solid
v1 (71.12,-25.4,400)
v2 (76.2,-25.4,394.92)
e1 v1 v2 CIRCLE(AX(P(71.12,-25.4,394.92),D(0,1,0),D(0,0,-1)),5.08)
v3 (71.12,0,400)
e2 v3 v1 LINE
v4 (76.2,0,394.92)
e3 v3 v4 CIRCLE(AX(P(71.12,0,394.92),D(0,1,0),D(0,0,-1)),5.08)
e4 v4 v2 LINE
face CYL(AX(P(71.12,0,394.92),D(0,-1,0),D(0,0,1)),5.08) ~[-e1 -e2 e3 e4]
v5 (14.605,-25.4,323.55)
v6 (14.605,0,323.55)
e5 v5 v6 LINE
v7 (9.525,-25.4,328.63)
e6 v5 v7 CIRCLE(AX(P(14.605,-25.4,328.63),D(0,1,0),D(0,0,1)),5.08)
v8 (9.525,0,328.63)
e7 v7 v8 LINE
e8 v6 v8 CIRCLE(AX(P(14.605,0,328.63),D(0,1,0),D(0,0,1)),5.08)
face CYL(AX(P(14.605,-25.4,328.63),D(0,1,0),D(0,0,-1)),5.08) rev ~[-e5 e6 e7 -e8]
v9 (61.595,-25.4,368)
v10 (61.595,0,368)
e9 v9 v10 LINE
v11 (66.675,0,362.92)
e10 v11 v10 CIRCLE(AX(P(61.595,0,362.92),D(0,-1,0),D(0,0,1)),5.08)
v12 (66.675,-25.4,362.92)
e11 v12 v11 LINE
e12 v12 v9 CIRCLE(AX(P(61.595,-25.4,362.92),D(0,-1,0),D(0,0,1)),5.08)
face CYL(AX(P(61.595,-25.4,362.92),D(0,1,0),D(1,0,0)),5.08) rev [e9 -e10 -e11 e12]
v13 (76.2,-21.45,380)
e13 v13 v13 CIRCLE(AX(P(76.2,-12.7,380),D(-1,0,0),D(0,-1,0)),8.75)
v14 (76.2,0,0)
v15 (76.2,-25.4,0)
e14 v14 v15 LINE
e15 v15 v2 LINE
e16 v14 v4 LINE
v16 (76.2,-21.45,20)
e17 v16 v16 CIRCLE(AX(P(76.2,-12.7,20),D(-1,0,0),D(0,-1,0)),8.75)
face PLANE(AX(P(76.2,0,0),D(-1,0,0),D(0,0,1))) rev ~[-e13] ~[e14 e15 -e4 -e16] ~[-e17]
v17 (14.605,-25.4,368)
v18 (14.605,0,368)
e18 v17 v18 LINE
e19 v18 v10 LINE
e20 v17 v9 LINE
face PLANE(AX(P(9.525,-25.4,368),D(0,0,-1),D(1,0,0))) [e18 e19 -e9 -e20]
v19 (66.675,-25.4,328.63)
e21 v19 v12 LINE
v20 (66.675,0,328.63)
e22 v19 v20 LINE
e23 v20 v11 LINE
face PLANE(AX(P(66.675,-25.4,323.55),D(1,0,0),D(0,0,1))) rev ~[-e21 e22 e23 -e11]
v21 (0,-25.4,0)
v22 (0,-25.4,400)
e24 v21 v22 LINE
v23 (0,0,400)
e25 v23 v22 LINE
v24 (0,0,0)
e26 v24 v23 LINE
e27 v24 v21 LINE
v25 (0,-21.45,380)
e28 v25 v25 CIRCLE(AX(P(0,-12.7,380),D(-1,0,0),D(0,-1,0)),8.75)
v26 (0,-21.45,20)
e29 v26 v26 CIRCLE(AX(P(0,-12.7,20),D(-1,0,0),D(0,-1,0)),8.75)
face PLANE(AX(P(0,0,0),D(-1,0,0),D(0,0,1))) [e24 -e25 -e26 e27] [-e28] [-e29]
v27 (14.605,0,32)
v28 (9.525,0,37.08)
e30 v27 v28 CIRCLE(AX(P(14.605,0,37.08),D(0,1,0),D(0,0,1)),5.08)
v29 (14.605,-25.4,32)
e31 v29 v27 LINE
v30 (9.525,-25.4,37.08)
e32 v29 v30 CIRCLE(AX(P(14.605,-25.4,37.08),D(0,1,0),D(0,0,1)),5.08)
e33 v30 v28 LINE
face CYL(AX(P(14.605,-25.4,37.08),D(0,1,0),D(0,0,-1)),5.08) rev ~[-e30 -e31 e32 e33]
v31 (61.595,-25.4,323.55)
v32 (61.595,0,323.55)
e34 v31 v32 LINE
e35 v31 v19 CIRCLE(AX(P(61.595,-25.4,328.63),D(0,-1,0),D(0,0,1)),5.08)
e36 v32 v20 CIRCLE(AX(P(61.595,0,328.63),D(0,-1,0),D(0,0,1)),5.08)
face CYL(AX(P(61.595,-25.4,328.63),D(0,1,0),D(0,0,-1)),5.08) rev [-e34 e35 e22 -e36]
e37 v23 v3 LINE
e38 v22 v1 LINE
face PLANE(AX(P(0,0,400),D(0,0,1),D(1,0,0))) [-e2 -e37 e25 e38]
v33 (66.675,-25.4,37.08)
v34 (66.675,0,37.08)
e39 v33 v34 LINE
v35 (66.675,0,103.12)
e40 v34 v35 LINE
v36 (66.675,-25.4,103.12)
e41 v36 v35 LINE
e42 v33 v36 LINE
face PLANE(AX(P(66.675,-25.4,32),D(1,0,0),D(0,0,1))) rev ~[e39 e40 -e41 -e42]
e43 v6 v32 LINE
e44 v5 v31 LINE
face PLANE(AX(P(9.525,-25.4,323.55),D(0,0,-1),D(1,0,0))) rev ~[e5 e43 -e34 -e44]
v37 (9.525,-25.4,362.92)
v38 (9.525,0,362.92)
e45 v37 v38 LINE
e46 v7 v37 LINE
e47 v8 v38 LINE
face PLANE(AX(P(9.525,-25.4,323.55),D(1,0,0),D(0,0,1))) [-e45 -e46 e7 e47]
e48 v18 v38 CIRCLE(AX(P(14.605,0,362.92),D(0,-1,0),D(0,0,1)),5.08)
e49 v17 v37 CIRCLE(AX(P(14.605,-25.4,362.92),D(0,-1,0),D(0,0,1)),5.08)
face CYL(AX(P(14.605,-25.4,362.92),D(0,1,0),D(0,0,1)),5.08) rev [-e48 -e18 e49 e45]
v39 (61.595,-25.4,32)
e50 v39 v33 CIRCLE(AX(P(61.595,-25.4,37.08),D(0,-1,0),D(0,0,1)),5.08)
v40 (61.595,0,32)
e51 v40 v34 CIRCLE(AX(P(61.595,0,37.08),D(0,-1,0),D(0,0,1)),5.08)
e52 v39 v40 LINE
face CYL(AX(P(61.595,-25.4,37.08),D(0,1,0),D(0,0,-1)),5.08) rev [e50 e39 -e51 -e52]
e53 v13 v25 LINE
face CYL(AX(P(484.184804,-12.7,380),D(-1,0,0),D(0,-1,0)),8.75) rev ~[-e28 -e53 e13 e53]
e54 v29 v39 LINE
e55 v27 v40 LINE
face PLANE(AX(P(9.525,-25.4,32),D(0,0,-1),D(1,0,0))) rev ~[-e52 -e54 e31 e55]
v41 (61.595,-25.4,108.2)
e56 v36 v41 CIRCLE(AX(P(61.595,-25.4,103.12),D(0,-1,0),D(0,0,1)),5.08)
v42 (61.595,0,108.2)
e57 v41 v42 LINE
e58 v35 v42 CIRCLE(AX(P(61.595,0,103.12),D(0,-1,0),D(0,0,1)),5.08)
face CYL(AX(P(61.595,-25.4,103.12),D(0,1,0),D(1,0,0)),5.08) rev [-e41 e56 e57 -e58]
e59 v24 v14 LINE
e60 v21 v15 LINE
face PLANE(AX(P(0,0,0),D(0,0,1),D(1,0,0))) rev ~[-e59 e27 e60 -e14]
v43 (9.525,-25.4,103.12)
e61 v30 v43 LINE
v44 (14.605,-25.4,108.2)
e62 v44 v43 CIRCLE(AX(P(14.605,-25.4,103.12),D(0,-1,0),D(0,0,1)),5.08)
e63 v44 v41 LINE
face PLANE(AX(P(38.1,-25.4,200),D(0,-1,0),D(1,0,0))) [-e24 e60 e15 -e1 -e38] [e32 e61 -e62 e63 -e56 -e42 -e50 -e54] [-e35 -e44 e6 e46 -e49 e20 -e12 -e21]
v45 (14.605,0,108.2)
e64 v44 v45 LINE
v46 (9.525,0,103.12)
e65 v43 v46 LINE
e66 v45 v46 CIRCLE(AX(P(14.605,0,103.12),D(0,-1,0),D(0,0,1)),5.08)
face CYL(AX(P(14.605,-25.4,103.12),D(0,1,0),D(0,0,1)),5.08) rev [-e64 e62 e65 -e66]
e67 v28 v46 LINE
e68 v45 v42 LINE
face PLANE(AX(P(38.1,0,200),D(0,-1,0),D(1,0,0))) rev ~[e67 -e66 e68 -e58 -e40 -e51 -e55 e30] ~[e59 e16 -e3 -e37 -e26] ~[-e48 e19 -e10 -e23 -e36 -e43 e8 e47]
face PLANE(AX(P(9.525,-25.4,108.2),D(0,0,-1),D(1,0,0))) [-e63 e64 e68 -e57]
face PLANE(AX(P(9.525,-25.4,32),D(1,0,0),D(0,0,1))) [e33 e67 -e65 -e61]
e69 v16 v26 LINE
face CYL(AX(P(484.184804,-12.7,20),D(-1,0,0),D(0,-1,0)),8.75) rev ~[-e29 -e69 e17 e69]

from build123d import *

# Parameters (mm, degrees)
F0_W     = 76.2
F0_H     = 400
F1_DEPTH = 25.4
F3_D     = 17.5
F4_W     = 57.15
F4_H     = 76.2
F4_H_2   = 44.45
F5_DEPTH = 25.401
F6_R     = 5.08
F7_R     = 5.08


with BuildPart() as f1:
    # F0 (on Front) → F1 (new body)
    with BuildSketch(Plane.XZ):
        with Locations((38.1, 200)):
            Rectangle(F0_W, F0_H)
    extrude(amount=F1_DEPTH)

    # F3 (through all)
    with Locations(Plane.YZ.offset(76.2)):
        with Locations((-12.7, 380), (-12.7, 20)):
            Hole(F3_D / 2)

    # F4 (on face) → F5 (cut, through all)
    with BuildSketch(Plane.XZ.offset(25.4)):
        with Locations((38.1, 70.1)):
            Rectangle(F4_W, F4_H)
        with Locations((38.1, 345.775)):
            Rectangle(F4_W, F4_H_2)
    extrude(amount=-F5_DEPTH, mode=Mode.SUBTRACT)

    # F6
    f6_edges = [f1.edges().sort_by_distance(p)[0] for p in [
        (9.525, -12.7, 108.2),
        (66.675, -12.7, 108.2),
        (66.675, -12.7, 32),
        (9.525, -12.7, 32),
        (9.525, -12.7, 323.55),
        (66.675, -12.7, 323.55),
        (9.525, -12.7, 368),
        (66.675, -12.7, 368),
    ]]
    fillet(f6_edges, radius=F6_R)

    # F7
    f7_edges = [f1.edges().sort_by_distance(p)[0] for p in [
        (76.2, -12.7, 400),
    ]]
    fillet(f7_edges, radius=F7_R)


solid = f1.part
